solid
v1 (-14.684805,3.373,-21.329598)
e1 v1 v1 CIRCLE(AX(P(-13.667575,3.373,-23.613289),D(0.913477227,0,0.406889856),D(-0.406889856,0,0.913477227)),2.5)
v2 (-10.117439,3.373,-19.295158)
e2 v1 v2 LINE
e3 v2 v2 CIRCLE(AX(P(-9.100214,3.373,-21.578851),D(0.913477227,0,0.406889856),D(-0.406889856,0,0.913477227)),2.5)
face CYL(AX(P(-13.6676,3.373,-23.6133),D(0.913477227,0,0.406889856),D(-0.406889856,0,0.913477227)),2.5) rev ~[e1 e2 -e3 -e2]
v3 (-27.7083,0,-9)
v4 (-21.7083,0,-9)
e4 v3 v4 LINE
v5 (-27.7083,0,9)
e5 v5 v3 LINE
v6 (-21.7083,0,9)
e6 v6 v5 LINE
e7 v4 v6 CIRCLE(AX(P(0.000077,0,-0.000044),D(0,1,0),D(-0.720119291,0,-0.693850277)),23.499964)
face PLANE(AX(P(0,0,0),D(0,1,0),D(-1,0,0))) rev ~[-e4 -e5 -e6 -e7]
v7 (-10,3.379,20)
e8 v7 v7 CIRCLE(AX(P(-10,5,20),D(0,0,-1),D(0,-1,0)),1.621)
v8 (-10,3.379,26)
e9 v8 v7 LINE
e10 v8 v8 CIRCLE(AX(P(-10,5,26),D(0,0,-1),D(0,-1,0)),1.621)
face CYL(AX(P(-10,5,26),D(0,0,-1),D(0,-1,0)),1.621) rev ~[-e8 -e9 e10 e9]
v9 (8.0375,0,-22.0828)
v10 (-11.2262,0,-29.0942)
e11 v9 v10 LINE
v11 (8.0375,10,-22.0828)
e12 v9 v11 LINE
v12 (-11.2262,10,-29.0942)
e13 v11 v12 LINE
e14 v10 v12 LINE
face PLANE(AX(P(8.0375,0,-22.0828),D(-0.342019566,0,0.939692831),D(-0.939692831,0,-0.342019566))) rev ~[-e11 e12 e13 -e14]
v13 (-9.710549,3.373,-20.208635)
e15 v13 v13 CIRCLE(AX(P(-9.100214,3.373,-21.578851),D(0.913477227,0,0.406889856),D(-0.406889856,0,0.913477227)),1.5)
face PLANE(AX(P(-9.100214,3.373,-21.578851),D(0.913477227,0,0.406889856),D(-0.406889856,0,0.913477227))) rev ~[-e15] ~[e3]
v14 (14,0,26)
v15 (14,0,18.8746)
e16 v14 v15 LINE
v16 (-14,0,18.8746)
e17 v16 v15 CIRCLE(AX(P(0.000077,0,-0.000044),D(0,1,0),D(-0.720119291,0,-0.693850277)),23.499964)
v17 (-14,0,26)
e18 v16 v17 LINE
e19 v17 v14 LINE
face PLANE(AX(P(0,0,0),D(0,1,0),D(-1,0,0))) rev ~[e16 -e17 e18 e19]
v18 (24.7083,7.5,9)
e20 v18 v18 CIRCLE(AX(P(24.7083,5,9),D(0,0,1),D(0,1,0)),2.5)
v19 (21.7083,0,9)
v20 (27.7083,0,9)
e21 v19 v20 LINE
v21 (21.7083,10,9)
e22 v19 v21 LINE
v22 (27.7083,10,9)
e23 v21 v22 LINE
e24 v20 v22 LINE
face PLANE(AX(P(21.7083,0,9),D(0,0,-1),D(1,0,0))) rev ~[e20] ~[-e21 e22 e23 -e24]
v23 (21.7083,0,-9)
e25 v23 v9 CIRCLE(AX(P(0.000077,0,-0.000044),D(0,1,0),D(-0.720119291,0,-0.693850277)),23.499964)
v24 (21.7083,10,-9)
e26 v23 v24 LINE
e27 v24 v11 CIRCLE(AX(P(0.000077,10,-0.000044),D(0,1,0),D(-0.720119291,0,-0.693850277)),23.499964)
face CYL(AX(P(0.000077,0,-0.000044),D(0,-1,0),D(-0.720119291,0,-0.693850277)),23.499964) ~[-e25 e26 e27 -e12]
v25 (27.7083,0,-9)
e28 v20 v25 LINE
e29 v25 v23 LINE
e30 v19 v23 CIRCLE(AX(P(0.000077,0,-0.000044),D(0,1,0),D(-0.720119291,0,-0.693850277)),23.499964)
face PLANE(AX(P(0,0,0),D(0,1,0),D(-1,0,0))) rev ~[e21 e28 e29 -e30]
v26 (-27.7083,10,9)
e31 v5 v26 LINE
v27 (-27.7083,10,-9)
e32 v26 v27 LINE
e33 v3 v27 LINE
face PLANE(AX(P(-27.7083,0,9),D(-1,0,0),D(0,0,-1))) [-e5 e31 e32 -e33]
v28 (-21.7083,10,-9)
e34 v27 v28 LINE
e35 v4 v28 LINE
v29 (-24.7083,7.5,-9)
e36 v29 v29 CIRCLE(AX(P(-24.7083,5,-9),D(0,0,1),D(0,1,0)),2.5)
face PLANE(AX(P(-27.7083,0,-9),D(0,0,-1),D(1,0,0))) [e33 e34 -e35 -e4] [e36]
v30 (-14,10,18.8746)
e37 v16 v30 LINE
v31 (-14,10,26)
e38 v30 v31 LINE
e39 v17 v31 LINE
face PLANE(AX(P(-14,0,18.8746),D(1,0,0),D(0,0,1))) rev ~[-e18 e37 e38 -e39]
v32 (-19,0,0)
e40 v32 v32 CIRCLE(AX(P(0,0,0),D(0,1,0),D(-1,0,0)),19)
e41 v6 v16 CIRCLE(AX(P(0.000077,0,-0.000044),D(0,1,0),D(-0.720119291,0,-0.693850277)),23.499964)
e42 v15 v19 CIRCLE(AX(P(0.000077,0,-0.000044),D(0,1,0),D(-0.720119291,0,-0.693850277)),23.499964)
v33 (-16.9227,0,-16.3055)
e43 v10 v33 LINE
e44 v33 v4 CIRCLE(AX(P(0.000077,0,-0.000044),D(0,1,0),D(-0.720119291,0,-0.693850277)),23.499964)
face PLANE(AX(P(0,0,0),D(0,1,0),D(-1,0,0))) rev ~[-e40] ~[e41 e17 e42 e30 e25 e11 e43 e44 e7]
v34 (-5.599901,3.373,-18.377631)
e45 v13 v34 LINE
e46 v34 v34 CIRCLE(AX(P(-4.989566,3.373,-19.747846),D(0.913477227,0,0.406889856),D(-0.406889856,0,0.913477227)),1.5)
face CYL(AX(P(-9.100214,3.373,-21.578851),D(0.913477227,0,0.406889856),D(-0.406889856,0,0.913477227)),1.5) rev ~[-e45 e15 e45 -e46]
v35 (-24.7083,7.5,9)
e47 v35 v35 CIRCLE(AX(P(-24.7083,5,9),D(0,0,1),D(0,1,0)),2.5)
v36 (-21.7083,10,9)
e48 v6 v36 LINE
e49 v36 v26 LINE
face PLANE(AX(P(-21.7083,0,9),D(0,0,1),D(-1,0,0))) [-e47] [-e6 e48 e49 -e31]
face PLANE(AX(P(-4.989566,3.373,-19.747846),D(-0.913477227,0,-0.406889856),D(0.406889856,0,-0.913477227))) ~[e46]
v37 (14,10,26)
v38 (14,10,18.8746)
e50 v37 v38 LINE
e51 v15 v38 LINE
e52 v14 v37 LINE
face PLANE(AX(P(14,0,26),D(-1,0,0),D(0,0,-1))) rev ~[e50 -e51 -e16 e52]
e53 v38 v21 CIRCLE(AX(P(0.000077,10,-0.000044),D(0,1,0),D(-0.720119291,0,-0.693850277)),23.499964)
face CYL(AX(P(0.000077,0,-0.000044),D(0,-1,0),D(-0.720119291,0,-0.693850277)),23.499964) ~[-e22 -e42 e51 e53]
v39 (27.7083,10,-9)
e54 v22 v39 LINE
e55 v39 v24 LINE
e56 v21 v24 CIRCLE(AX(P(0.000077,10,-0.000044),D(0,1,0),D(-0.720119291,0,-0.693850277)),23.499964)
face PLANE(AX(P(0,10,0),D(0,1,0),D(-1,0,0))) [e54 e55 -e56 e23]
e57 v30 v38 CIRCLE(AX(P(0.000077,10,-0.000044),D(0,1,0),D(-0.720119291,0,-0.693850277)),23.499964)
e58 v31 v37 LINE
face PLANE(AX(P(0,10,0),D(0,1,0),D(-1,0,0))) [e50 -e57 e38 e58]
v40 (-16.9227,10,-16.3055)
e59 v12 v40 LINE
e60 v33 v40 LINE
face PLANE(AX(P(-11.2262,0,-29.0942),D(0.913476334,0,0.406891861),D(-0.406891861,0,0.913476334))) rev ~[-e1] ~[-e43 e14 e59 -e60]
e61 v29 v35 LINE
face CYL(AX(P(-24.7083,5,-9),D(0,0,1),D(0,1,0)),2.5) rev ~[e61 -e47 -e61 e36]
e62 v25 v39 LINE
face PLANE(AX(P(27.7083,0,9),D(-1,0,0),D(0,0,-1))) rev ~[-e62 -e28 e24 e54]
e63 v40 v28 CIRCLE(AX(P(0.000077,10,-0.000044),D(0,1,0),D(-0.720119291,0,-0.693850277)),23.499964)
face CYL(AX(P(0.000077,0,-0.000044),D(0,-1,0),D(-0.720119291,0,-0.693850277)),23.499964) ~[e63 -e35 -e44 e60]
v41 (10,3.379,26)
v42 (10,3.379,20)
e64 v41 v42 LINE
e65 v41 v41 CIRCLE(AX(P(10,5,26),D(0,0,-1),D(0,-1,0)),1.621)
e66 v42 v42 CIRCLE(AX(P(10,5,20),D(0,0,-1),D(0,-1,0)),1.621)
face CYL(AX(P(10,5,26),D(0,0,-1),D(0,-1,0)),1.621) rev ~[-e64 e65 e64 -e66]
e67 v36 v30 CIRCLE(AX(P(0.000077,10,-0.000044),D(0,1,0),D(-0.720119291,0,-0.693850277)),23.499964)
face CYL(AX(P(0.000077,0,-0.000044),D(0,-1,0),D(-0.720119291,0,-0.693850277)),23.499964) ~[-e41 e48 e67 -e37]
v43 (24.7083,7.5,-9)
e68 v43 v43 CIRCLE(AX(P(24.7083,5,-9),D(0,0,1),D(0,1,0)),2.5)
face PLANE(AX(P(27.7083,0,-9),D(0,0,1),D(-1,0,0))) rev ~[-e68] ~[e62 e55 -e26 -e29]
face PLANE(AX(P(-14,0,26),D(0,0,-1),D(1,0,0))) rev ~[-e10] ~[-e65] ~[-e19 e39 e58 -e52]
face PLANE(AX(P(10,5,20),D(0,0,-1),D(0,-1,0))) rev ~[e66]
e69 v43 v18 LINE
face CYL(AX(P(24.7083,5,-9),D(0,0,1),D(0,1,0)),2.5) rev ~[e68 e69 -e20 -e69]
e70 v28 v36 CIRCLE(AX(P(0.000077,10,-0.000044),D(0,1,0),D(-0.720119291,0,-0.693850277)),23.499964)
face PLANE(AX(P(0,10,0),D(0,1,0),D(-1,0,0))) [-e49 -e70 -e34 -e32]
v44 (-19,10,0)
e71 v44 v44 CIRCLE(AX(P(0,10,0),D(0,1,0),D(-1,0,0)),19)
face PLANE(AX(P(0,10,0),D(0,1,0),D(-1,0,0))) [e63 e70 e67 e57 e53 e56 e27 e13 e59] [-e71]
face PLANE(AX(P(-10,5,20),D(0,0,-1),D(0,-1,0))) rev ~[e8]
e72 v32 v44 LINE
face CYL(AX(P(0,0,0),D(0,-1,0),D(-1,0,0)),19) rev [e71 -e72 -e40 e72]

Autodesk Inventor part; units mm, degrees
ref_plane "YZ Plane" through (0, 0, 0) normal (1, 0, 0) x (0, 1, 0)
ref_plane "XZ Plane" through (0, 0, 0) normal (0, 1, 0) x (-1, 0, 0)
sketch "Sketch1" plane through (0, 0, 0) normal (0, 1, 0) x (-1, 0, 0)
  circle A0 centre (0, 0) radius 19
  arc A1 (16.9227, -16.3055) -> (-8.0375, -22.0828) centre (0, 0) ccw
  line L0 (0, 23.5) -> (0, -23.5) construction
  line L1 (23.5, 0) -> (-23.5, 0) construction
  line L2 (-8.0375, -22.0828) -> (11.2262, -29.0942)
  line L3 (11.2262, -29.0942) -> (16.9227, -16.3055)
  line L4 (0, 0) -> (-8.9052, -24.4669) construction
  line L5 (21.7083, 9) -> (27.7083, 9)
  line L6 (27.7083, 9) -> (27.7083, -9)
  line L7 (27.7083, -9) -> (21.7083, -9)
  line L8 (14, 18.8746) -> (14, 26)
  line L9 (14, 26) -> (-14, 26)
  line L10 (-14, 26) -> (-14, 18.8746)
  line L11 (-21.7083, 9) -> (-27.7083, 9)
  line L12 (-27.7083, 9) -> (-27.7083, -9)
  line L13 (-27.7083, -9) -> (-21.7083, -9)
  point P0 (-14, 22.4373)
  dimension "d1" = 47
  dimension "d0" = 20.5
  dimension "d2" = 38
  dimension "d5" = 20
  dimension "d7" = 14
  dimension "d8" = 18
  dimension "d9" = 6
  dimension "d10" = 28
  dimension "d11" = 18
  dimension "d32" = 6
  dimension "d33" = 17
extrude "Extrusion1" add sketch "Sketch1" along normal blind 10
sketch "Sketch2" plane through (-16.9227, 0, -16.3055) normal (-0.9135, 0, -0.4069) x (-0.4069, 0, 0.9135)
  line L0 (-14, 0) -> (-14, 10) projected
  point P0 (8.0089, 0)
  point P1 (-8, 3.373)
  dimension "d24" = 6
hole "Hole1" at (-13.6676, 3.373, -23.6133) direction (0.9135, 0, 0.4069) diameter 3 depth 9.5 counterbore diameter 5 counterbore depth 5
sketch "Sketch3" plane through (-21.7083, 0, -9) normal (0, 0, -1) x (-1, 0, 0)
  line L0 (6, 0) -> (6, 10) projected
  line L1 (0, 0) -> (6, 0) projected
  point P0 (-21.7083, 0)
  point P1 (3, 5)
  point P2 (6, 5)
  point P3 (3, 0)
hole "Hole2" at (-24.7083, 5, -9) direction (0, 0, 1) diameter 5 end through all
sketch "Sketch4" plane through (27.7083, 0, -9) normal (0, 0, -1) x (-1, 0, 0)
  line L0 (0, 0) -> (0, 10) projected
  line L1 (0, 0) -> (6, 0) projected
  point P0 (27.7083, 0)
  point P1 (3, 5)
  point P2 (0, 5)
  point P3 (3, 0)
hole "Hole3" at (24.7083, 5, -9) direction (0, 0, 1) diameter 5 end through all
sketch "Sketch5" plane through (-14, 0, 26) normal (0, 0, 1) x (1, 0, 0)
  line L0 (0, 0) -> (0, 10) projected
  line L1 (28, 0) -> (28, 10) projected
  point P0 (14, 0)
  point P1 (4, 5)
  point P2 (24, 5)
  point P3 (0, 5)
  point P4 (28, 5)
  dimension "d48" = 4
  dimension "d49" = 4
hole "Hole4" at (-10, 5, 26) at (10, 5, 26) direction (0, 0, -1) diameter 3.242 depth 6 thread size "M4x0.7" class "6H" standard "ISO Metric profile"
ref_plane "Work Plane1" through (0, 0, 0) normal (0, 0, 1) x (1, 0, 0)
split_face "Split1"
equation "\"d49\" = d48"
properties part number "2051"
